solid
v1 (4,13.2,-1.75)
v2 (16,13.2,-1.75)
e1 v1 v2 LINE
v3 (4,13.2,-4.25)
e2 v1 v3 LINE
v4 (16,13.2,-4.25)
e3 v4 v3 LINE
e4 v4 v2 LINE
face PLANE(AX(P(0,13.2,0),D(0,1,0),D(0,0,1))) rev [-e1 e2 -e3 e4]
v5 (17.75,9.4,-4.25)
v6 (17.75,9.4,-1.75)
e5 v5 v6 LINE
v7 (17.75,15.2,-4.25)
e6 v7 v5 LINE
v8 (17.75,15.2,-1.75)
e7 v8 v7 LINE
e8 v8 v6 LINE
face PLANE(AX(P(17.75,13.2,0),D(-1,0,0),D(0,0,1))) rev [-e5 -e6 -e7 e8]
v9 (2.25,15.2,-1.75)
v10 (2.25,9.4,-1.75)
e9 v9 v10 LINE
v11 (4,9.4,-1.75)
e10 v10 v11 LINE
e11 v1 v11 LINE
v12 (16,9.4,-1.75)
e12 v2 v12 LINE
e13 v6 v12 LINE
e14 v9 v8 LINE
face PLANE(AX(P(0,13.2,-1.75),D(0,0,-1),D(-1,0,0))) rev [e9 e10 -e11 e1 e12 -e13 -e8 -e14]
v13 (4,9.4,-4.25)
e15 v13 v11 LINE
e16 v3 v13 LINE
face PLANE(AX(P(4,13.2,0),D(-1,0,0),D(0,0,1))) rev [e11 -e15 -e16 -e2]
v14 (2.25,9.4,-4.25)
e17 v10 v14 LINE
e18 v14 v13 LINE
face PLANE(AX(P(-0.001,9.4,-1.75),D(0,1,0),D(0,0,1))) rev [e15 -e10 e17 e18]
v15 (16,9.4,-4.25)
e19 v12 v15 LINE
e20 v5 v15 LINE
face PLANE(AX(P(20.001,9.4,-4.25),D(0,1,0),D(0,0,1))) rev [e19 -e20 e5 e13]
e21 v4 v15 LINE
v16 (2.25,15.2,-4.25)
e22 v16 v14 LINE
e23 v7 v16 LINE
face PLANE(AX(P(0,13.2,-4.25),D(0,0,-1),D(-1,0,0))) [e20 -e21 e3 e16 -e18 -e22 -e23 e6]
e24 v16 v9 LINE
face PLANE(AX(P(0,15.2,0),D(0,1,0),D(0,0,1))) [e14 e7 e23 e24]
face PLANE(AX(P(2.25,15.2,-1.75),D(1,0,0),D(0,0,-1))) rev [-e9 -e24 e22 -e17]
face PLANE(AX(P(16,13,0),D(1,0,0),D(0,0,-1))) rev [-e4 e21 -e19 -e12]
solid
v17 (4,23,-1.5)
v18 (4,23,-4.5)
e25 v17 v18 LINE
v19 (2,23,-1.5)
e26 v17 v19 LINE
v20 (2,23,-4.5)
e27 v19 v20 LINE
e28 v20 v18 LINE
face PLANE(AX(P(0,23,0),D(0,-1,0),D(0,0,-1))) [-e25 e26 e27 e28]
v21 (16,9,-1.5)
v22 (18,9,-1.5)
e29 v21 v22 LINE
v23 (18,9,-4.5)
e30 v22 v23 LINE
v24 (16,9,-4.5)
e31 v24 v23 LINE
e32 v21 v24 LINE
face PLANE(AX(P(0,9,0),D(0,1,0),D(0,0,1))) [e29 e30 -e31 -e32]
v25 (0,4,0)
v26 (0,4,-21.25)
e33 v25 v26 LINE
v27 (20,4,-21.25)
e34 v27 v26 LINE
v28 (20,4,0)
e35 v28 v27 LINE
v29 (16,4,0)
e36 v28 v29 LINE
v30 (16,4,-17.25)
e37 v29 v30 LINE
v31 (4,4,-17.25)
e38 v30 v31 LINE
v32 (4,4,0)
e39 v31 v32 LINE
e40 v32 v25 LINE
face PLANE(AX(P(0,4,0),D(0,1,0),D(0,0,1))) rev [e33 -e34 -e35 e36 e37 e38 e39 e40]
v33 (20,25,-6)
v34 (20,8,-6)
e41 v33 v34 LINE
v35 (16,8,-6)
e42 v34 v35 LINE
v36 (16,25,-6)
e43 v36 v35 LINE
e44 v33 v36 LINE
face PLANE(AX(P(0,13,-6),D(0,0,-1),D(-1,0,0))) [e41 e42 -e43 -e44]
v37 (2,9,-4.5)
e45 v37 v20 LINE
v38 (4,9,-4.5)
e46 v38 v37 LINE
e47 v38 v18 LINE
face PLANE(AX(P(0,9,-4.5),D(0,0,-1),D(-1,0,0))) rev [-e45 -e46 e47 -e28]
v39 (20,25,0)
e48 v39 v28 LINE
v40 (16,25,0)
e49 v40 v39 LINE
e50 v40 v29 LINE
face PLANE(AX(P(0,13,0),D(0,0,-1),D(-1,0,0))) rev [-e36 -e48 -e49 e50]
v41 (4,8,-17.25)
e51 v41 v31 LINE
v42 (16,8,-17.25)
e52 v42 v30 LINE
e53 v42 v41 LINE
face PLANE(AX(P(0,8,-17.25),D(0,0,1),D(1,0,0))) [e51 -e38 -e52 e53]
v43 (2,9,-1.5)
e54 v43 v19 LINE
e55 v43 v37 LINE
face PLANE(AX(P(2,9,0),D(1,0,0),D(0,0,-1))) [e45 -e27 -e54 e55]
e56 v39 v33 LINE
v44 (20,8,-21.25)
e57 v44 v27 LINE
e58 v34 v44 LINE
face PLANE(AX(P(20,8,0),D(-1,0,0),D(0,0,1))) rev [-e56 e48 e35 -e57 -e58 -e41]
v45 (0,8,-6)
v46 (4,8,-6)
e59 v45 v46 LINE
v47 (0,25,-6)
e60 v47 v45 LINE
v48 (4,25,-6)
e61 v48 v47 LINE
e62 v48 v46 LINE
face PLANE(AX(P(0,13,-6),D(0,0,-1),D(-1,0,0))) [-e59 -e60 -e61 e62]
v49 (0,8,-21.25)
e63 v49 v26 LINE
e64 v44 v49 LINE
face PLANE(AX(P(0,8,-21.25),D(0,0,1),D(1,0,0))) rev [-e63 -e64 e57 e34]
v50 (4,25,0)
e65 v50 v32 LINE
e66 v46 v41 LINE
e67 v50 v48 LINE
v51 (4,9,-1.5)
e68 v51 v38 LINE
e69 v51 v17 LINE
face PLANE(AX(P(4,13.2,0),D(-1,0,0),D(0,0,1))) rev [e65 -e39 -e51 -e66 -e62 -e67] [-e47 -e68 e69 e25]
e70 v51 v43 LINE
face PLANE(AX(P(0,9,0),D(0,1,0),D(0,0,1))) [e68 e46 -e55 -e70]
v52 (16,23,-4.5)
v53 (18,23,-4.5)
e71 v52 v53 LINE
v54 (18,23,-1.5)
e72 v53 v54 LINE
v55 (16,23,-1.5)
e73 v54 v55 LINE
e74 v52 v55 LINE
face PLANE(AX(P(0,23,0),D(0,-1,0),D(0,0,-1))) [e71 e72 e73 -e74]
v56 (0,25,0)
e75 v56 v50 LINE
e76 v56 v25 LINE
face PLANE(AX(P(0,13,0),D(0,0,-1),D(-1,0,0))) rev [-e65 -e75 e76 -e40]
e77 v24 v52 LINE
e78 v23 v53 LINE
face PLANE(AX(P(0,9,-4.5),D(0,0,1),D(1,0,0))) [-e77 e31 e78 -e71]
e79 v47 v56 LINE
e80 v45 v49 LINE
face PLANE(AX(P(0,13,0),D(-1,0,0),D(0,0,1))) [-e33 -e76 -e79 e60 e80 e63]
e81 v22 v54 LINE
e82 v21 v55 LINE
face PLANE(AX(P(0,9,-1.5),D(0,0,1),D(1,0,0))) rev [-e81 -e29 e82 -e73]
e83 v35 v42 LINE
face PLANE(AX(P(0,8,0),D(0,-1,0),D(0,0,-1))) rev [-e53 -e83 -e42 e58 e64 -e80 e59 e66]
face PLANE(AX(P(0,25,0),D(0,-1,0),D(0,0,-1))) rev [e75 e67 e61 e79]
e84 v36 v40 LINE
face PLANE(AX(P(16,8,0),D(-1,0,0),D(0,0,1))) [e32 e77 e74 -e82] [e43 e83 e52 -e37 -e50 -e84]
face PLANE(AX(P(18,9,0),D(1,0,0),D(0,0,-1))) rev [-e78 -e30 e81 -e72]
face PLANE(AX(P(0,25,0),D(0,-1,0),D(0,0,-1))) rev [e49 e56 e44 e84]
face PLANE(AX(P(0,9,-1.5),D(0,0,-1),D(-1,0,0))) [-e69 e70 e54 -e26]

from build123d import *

# Parameters (mm, degrees)
SKETCH1_W             = 4
SKETCH1_H             = 6
BOSS_EXTRUDE1_DEPTH   = 13
BOSS_EXTRUDE1_2_DEPTH = 13
SKETCH2_W             = 2
SKETCH2_H             = 3
CUT_EXTRUDE1_DEPTH    = 4
SKETCH4_W             = 1.75
SKETCH4_H             = 2.5
BOSS_EXTRUDE2_DEPTH   = 4.2
BOSS_EXTRUDE2_2_DEPTH = 4.2
SKETCH5_W             = 15.5
SKETCH5_H             = 2.5
BOSS_EXTRUDE3_DEPTH   = 2
BOSS_EXTRUDE4_DEPTH   = 10
SKETCH8_W             = 4
SKETCH8_H             = 6
CUT_EXTRUDE2_DEPTH    = 4
CUT_EXTRUDE3_REACH    = 30.653
SKETCH9_W             = 2.5
SKETCH9_H             = 0.4
SKETCH10_W            = 2.5
SKETCH10_H            = 0.4
CUT_EXTRUDE4_DEPTH    = 2
BOSS_EXTRUDE5_DEPTH   = 4
SKETCH14_W            = 4
SKETCH14_H            = 6
BOSS_EXTRUDE7_DEPTH   = 2


with BuildPart() as part:
    # Sketch1 → Boss-Extrude1 (new body)
    with BuildSketch(Plane(origin=(0, 0, 0), x_dir=(1, 0, 0), z_dir=(0, 1, 0))):
        with Locations((18, 3)):
            Rectangle(SKETCH1_W, SKETCH1_H)
    extrude(amount=BOSS_EXTRUDE1_DEPTH)


with BuildPart() as body_2:
    # Sketch1 → Boss-Extrude1 2 (new body)
    with BuildSketch(Plane(origin=(0, 0, 0), x_dir=(1, 0, 0), z_dir=(0, 1, 0))):
        with Locations((2, 3)):
            Rectangle(SKETCH1_W, SKETCH1_H)
    extrude(amount=BOSS_EXTRUDE1_2_DEPTH)


with BuildPart() as cut_extrude1_tool:
    # Sketch2 → Cut-Extrude1 (new body)
    with BuildSketch(Plane(origin=(0, 13, 0), x_dir=(1, 0, 0), z_dir=(0, 1, 0))):
        with Locations((17, 3)):
            Rectangle(SKETCH2_W, SKETCH2_H)
        with Locations((3, 3)):
            Rectangle(SKETCH2_W, SKETCH2_H)
    extrude(amount=-CUT_EXTRUDE1_DEPTH)


with BuildPart() as part_1:
    add(part.part)

    # Cut-Extrude1: cut by cut_extrude1_tool
    add(cut_extrude1_tool.part, mode=Mode.SUBTRACT)



with BuildPart() as body_2_1:
    add(body_2.part)

    # Cut-Extrude1: cut by cut_extrude1_tool
    add(cut_extrude1_tool.part, mode=Mode.SUBTRACT)


with BuildPart() as body_3:
    # Sketch4 → Boss-Extrude2 (new body)
    with BuildSketch(Plane(origin=(0, 9, 0), x_dir=(1, 0, 0), z_dir=(0, 1, 0))):
        with Locations((16.875, 3)):
            Rectangle(SKETCH4_W, SKETCH4_H)
    extrude(amount=BOSS_EXTRUDE2_DEPTH)



with BuildPart() as body_4:
    # Sketch4 → Boss-Extrude2 2 (new body)
    with BuildSketch(Plane(origin=(0, 9, 0), x_dir=(1, 0, 0), z_dir=(0, 1, 0))):
        with Locations((3.125, 3)):
            Rectangle(SKETCH4_W, SKETCH4_H)
    extrude(amount=BOSS_EXTRUDE2_2_DEPTH)


with BuildPart() as body_3_1:
    add(body_3.part)

    add(body_4.part)  # Boss-Extrude3 merges body 4
    # Sketch5 → Boss-Extrude3 (add)
    with BuildSketch(Plane(origin=(0, 13.2, 0), x_dir=(1, 0, 0), z_dir=(0, 1, 0))):
        with Locations((10, 3)):
            Rectangle(SKETCH5_W, SKETCH5_H)
    extrude(amount=BOSS_EXTRUDE3_DEPTH)


with BuildPart() as part_2:
    add(part_1.part)

    add(body_3_1.part)  # Boss-Extrude4 merges body 3

    add(body_2_1.part)  # Boss-Extrude4 merges body 2
    # Sketch7 → Boss-Extrude4 (add)
    with BuildSketch(Plane(origin=(0, 13, 0), x_dir=(1, 0, 0), z_dir=(0, 1, 0))):
        Polygon((16, 4.5), (16, 6), (20, 6), (20, 0), (16, 0), (16, 1.5), (18, 1.5), (18, 4.5), align=None)
        Polygon((4, 6), (0, 6), (0, 0), (4, 0), (4, 1.5), (2, 1.5), (2, 4.5), (4, 4.5), align=None)
    extrude(amount=BOSS_EXTRUDE4_DEPTH)

    # Sketch8 → Cut-Extrude2 (cut)
    with BuildSketch(Plane.XZ):
        with Locations((2, -3)):
            Rectangle(SKETCH8_W, SKETCH8_H)
        with Locations((18, -3)):
            Rectangle(SKETCH8_W, SKETCH8_H)
    extrude(amount=-CUT_EXTRUDE2_DEPTH, mode=Mode.SUBTRACT)

    # Sketch9 → Cut-Extrude3 (cut, up to next)
    with BuildSketch(Plane(origin=(4, 0, 0), x_dir=(0, 0, -1), z_dir=(1, 0, 0)), mode=Mode.PRIVATE) as cut_extrude3_sk1:
        with Locations((3, 9.2)):
            Rectangle(SKETCH9_W, SKETCH9_H)
    cut_extrude3_tool1 = extrude(cut_extrude3_sk1.sketch, amount=-CUT_EXTRUDE3_REACH, mode=Mode.PRIVATE) & part_2.part
    add(cut_extrude3_tool1.solids().sort_by_distance((4, 9.2, -3))[0], mode=Mode.SUBTRACT)


with BuildPart() as cut_extrude3_piece_1:
    # of the separate pieces the step leaves, piece 1, a body of its own (cut_extrude3_pieces)
    add(part_2.part.solids().sort_by_distance((4, 9.4, -4.25))[0])

    # Sketch10 → Cut-Extrude4 (cut)
    with BuildSketch(Plane.ZY.offset(-16)):
        with Locations((-3, 9.2)):
            Rectangle(SKETCH10_W, SKETCH10_H)
    extrude(amount=-CUT_EXTRUDE4_DEPTH, mode=Mode.SUBTRACT)


with BuildPart() as cut_extrude3_piece_2:
    # of the separate pieces the step leaves, piece 2, a body of its own (cut_extrude3_pieces)
    add(part_2.part.solids().sort_by_distance((0, 23, -6))[0])



with BuildPart() as cut_extrude4_piece_1:
    # of the separate pieces the step leaves, piece 1, a body of its own (cut_extrude4_pieces)
    add(cut_extrude3_piece_1.part.solids().sort_by_distance((16, 9, -4.5))[0])


with BuildPart() as cut_extrude4_piece_2:
    # of the separate pieces the step leaves, piece 2, a body of its own (cut_extrude4_pieces)
    add(cut_extrude3_piece_1.part.solids().sort_by_distance((4, 9.4, -4.25))[0])


with BuildPart() as cut_extrude3_piece_2_1:
    add(cut_extrude3_piece_2.part)

    add(cut_extrude4_piece_1.part)  # Boss-Extrude5 merges Cut-Extrude4 piece 1
    # Sketch12 → Boss-Extrude5 (add)
    with BuildSketch(Plane.XZ.offset(-4)):
        Polygon((20, -21.25), (20, -6), (16, -6), (16, -17.25), (4, -17.25), (4, -6), (0, -6), (0, -21.25), align=None)
    extrude(amount=-BOSS_EXTRUDE5_DEPTH)

    # Sketch14 → Boss-Extrude7 (add)
    with BuildSketch(Plane(origin=(0, 23, 0), x_dir=(1, 0, 0), z_dir=(0, 1, 0))):
        with Locations((18, 3)):
            Rectangle(SKETCH14_W, SKETCH14_H)
        with Locations((2, 3)):
            Rectangle(SKETCH14_W, SKETCH14_H)
    extrude(amount=BOSS_EXTRUDE7_DEPTH)


solid = Compound([cut_extrude4_piece_2.part, cut_extrude3_piece_2_1.part])
